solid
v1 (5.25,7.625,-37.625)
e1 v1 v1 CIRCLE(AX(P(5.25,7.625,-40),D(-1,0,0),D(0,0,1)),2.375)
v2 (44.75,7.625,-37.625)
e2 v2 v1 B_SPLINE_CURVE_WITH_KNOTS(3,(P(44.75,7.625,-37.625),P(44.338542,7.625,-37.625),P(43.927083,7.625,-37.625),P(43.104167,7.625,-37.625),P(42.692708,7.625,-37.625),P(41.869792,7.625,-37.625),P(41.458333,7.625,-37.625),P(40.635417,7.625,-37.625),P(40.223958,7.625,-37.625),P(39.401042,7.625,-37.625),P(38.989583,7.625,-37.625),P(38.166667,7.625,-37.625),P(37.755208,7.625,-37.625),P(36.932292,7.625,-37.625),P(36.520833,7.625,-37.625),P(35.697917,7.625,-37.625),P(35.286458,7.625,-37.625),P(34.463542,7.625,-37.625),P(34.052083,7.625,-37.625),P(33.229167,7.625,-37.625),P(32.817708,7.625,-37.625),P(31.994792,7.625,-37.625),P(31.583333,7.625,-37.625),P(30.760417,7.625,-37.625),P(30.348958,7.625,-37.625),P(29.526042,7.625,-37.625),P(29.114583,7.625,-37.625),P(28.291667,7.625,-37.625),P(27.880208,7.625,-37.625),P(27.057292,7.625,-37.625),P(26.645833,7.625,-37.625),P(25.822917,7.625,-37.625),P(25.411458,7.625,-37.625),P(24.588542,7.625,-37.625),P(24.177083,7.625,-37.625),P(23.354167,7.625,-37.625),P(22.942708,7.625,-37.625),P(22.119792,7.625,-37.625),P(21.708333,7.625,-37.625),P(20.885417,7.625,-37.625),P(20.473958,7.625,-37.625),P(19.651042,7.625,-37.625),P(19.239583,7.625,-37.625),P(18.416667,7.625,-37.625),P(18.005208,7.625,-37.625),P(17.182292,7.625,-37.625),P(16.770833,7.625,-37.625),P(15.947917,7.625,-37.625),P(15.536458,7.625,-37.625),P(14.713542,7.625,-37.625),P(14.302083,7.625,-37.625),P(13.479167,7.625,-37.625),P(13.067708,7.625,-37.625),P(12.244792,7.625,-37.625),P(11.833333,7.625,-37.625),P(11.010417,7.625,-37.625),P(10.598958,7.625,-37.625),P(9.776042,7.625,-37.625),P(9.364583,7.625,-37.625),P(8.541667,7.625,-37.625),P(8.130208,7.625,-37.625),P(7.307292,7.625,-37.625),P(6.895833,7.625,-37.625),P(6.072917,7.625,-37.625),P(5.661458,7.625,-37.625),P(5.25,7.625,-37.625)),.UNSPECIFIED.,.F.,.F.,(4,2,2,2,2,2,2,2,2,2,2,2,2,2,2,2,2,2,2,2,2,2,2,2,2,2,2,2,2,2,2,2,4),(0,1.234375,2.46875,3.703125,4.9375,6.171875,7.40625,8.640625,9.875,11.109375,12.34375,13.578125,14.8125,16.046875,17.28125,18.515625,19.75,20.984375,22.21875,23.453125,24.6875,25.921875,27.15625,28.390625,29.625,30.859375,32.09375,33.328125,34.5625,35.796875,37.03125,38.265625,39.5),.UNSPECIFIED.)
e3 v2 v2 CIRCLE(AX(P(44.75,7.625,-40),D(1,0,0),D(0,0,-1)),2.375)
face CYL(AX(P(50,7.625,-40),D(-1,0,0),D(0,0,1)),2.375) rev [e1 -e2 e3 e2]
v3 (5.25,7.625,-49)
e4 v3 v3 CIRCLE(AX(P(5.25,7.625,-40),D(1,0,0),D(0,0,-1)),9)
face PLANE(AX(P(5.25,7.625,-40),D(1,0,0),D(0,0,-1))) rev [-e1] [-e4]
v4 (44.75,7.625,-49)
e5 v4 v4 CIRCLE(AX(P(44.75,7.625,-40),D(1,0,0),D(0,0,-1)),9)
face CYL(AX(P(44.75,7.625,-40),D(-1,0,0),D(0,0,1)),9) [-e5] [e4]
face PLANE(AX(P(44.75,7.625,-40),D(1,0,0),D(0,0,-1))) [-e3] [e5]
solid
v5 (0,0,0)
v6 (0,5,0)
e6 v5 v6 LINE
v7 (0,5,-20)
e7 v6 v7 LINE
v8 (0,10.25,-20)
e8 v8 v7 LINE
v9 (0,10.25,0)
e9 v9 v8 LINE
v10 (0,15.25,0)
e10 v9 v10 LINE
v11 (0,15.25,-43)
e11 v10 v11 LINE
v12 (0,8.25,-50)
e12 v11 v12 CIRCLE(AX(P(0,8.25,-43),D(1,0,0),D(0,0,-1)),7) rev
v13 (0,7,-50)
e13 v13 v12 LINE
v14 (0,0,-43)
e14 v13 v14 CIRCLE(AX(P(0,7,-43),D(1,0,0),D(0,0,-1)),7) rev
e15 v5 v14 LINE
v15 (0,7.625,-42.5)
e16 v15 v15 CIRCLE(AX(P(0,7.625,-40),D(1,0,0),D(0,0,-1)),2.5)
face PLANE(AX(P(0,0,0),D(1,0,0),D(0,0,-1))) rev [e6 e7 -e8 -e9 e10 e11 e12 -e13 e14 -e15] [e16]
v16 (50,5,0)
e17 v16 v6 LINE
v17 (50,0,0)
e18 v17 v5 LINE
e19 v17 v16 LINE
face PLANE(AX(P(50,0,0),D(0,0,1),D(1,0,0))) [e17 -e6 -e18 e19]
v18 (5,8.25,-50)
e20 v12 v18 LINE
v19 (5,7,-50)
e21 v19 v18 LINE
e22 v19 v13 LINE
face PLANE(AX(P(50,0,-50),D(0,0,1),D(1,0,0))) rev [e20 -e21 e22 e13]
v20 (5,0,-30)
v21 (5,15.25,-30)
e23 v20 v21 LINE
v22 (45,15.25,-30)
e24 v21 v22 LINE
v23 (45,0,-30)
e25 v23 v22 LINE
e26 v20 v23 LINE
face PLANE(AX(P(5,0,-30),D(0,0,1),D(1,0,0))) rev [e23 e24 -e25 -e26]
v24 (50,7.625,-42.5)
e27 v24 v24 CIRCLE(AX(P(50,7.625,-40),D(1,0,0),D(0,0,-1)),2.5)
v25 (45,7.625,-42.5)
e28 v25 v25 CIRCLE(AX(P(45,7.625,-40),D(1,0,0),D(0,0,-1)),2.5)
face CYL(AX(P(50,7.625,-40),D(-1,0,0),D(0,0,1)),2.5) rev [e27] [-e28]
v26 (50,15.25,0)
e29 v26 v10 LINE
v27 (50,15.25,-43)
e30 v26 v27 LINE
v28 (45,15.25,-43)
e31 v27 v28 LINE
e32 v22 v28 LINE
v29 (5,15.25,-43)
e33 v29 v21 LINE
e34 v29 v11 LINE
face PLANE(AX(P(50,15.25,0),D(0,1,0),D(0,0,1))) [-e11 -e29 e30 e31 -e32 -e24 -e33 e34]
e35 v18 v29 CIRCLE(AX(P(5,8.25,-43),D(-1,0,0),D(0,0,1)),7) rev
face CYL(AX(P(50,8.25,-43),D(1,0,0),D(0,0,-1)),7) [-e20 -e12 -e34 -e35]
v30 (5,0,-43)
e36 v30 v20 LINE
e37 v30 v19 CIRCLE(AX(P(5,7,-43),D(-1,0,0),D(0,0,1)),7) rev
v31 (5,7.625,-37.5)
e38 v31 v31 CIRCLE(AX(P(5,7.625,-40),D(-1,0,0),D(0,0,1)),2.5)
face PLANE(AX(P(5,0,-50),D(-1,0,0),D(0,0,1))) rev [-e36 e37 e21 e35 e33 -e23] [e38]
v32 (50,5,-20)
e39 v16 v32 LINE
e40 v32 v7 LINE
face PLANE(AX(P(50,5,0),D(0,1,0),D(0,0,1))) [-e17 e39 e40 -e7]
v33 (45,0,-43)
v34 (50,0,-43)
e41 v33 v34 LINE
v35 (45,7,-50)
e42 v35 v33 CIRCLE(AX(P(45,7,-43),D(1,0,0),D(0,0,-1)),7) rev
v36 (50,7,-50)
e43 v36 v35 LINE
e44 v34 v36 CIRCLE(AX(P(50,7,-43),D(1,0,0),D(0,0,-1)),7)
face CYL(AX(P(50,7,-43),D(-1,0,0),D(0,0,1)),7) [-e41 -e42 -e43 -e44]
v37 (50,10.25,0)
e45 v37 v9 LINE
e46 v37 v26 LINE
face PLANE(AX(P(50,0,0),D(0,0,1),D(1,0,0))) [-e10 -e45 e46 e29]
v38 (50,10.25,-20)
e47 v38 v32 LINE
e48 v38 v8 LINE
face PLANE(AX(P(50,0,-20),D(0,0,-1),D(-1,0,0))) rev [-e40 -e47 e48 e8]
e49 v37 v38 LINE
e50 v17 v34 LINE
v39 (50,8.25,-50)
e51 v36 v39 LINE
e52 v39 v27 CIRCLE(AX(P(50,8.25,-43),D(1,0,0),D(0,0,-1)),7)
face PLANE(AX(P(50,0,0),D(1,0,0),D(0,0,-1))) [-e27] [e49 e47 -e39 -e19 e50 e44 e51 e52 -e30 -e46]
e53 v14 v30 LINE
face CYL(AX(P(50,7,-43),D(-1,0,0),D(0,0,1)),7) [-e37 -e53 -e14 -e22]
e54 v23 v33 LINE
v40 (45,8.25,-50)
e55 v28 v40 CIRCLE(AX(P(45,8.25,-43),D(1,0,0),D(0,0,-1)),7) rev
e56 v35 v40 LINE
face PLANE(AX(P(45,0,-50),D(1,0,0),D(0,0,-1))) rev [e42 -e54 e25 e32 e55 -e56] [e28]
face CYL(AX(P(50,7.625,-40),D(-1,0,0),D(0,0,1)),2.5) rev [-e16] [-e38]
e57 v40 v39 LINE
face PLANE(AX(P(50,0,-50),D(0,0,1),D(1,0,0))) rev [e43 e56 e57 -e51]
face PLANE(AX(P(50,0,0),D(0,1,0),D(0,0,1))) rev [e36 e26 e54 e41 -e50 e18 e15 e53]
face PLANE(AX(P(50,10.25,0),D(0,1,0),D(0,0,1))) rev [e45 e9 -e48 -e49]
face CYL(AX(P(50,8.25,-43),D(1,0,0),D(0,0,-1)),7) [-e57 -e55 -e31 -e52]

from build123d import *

# Parameters (mm, degrees)
SKETCH1_R           = 2.5
BOSS_EXTRUDE1_DEPTH = 50
SKETCH2_W           = 40
SKETCH2_H           = 20
CUT_EXTRUDE1_DEPTH  = 73.336453466
FILLET1_R           = 7
BOSS_EXTRUDE2_START = 0.25
SKETCH3_R           = 9
BOSS_EXTRUDE2_DEPTH = 39.5
SKETCH4_R           = 2.375
CUT_EXTRUDE2_DEPTH  = 70.129972696


with BuildPart() as part:
    # Sketch1 → Boss-Extrude1 (new body)
    with BuildSketch(Plane(origin=(0, 0, 0), x_dir=(0, 0, -1), z_dir=(1, 0, 0))):
        Polygon((0, 5), (0, 0), (50, 0), (50, 15.25), (0, 15.25), (0, 10.25), (20, 10.25), (20, 5), align=None)
        with Locations((40, 7.625)):
            Circle(SKETCH1_R, mode=Mode.SUBTRACT)
    extrude(amount=BOSS_EXTRUDE1_DEPTH)

    # Sketch2 → Cut-Extrude1 (cut, through all)
    with BuildSketch(Plane(origin=(0, 15.25, 0), x_dir=(1, 0, 0), z_dir=(0, 1, 0))):
        with Locations((25, 40)):
            Rectangle(SKETCH2_W, SKETCH2_H)
    extrude(amount=-CUT_EXTRUDE1_DEPTH, mode=Mode.SUBTRACT)

    # Fillet1
    fillet1_edges = [part.edges().sort_by_distance(p)[0] for p in [
        (47.5, 15.25, -50),
        (47.5, 0, -50),
        (2.5, 15.25, -50),
        (2.5, 0, -50),
    ]]
    fillet(fillet1_edges, radius=FILLET1_R)


with BuildPart() as body_2:
    # Sketch3 → Boss-Extrude2 (new body)
    with BuildSketch(Plane(origin=(5, 0, 0), x_dir=(0, 0, -1), z_dir=(1, 0, 0)).offset(BOSS_EXTRUDE2_START)):
        with Locations((40, 7.625)):
            Circle(SKETCH3_R)
    extrude(amount=BOSS_EXTRUDE2_DEPTH)

    # Sketch4 → Cut-Extrude2 (cut, through all)
    with BuildSketch(Plane.ZY.offset(-5.25)):
        with Locations((-40, 7.625)):
            Circle(SKETCH4_R)
    extrude(amount=-CUT_EXTRUDE2_DEPTH, mode=Mode.SUBTRACT)


solid = Compound([part.part, body_2.part])
